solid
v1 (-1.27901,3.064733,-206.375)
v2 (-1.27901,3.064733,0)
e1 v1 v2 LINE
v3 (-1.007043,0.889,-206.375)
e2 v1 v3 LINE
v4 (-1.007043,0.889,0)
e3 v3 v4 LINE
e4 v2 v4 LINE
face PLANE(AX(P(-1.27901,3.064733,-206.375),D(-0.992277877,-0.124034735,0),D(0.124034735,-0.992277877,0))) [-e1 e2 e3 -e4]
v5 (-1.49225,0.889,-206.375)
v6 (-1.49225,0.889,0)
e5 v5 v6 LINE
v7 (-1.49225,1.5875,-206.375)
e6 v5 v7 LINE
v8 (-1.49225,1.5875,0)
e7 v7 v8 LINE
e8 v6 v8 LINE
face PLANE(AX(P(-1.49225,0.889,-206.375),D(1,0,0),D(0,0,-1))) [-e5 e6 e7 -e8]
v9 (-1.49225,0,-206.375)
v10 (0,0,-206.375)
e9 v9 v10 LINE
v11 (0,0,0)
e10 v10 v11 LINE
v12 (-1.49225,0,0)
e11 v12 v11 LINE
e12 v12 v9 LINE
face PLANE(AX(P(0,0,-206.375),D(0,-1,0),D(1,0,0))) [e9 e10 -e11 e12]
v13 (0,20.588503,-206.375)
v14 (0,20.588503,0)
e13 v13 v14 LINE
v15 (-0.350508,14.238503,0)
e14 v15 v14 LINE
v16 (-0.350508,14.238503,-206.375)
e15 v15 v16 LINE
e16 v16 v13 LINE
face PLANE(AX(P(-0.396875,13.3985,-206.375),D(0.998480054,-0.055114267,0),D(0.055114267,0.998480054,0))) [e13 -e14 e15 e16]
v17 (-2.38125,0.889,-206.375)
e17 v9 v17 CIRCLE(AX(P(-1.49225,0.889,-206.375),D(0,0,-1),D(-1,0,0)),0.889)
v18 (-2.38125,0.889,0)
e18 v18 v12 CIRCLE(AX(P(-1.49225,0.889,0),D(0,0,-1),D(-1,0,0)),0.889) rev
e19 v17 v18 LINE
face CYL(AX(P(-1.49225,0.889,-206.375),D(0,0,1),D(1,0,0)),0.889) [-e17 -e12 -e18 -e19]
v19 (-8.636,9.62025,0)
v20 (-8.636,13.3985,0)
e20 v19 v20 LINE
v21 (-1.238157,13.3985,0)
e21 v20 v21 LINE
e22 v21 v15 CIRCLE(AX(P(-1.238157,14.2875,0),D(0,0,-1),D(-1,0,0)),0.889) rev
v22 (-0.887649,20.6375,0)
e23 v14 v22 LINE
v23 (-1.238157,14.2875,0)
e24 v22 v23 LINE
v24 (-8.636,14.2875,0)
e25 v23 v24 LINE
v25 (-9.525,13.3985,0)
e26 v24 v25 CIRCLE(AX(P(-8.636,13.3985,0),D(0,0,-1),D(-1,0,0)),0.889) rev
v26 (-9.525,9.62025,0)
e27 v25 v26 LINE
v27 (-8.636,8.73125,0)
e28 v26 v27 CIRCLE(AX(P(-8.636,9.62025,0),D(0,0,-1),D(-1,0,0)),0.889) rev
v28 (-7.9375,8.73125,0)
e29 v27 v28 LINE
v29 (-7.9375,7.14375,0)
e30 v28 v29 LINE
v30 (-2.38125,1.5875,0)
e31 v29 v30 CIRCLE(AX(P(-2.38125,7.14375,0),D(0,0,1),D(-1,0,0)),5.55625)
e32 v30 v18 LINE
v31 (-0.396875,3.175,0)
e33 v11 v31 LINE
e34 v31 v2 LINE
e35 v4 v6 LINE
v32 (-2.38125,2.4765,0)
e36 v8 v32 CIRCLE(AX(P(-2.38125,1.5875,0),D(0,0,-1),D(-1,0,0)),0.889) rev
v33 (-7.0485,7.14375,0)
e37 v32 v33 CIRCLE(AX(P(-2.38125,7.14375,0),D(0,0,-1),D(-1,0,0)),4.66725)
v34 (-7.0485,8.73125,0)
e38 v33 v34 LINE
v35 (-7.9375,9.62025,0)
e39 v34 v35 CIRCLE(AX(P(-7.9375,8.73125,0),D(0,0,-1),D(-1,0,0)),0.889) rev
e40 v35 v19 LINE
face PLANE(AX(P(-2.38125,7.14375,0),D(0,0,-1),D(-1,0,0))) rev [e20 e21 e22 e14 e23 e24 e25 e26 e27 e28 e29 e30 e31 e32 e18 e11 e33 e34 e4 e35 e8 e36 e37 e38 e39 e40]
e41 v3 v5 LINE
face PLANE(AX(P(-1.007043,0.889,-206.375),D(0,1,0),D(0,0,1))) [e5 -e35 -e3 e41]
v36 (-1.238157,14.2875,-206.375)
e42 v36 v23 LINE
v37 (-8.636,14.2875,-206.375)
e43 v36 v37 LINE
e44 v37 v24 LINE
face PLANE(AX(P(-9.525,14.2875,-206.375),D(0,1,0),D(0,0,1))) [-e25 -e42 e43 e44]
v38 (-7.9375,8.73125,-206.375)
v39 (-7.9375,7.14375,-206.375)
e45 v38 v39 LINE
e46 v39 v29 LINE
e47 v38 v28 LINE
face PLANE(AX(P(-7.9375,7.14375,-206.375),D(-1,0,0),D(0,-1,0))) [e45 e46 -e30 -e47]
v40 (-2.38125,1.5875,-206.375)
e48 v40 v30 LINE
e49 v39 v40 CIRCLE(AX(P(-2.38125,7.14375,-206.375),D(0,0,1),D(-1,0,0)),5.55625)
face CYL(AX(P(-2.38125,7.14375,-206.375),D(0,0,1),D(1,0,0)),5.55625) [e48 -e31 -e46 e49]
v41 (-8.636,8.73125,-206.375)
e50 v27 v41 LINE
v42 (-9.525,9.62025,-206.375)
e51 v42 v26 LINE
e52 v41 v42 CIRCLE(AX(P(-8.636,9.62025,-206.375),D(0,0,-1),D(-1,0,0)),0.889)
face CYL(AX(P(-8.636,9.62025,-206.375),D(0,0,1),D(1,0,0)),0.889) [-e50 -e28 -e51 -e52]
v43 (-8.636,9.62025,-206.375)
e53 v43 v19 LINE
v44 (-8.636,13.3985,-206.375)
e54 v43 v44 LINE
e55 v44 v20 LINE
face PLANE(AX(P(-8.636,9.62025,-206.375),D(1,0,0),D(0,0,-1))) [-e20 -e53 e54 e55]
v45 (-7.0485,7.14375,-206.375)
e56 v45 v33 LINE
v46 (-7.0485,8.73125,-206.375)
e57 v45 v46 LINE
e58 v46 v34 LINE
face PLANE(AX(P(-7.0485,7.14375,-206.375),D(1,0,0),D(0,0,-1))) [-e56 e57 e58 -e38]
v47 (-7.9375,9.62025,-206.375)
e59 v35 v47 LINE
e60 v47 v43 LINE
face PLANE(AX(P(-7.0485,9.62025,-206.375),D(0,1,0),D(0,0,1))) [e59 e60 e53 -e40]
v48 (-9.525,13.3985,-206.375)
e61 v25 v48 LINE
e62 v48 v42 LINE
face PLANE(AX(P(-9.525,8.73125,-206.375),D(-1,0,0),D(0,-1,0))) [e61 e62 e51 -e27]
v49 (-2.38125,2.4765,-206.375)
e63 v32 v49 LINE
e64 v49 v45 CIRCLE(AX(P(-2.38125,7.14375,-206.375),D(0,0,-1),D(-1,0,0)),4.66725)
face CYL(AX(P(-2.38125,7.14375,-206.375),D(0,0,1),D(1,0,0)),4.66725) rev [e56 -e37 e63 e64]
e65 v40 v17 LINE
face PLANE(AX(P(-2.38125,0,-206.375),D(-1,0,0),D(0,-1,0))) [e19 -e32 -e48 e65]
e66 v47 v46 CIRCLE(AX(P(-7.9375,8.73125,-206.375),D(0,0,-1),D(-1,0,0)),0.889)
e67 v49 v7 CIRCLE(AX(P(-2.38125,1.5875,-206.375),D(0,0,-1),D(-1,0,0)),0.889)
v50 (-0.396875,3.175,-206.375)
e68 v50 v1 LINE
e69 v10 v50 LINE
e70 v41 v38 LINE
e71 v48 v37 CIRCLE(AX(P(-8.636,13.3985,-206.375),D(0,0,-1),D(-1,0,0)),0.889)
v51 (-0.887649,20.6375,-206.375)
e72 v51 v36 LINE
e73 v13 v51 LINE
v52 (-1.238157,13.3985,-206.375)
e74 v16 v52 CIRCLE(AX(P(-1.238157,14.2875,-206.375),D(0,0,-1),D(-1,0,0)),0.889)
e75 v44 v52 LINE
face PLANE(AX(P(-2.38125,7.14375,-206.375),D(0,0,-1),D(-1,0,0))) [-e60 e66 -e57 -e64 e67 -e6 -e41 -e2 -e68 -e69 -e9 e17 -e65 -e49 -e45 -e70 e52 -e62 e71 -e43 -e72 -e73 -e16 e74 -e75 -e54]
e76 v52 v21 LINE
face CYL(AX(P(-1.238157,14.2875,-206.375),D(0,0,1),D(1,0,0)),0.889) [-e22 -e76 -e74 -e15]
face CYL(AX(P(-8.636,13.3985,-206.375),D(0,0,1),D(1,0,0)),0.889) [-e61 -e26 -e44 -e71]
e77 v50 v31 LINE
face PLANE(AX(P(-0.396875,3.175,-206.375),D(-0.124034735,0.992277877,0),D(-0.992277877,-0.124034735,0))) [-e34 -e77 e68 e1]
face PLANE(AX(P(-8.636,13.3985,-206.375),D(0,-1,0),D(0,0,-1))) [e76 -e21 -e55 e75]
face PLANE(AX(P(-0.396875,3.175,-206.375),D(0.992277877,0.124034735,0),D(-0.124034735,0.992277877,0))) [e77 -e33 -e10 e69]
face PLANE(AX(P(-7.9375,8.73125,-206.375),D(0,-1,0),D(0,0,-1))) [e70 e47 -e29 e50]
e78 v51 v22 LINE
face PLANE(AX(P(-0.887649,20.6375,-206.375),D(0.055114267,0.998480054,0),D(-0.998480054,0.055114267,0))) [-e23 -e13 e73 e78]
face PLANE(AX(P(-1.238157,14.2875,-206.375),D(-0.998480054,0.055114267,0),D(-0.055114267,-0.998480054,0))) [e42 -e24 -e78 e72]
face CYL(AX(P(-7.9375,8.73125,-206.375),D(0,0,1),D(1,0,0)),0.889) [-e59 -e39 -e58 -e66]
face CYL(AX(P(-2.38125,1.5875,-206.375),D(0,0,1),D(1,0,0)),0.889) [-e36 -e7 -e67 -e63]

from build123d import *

# Parameters (mm, degrees)
BOSS_EXTRUDE1_DEPTH = 206.375
FILLET1_R           = 0.889


with BuildPart() as part:
    # Sketch1 → Boss-Extrude1 (new body)
    with BuildSketch(Plane.XY):
        with BuildLine():
            Line((-0.396875, 3.175), (0, 0))
            Line((0, 0), (-2.38125, 0))
            Line((-2.38125, 0), (-2.38125, 1.5875))
            ThreePointArc((-2.38125, 1.5875), (-6.310112, 3.214888), (-7.9375, 7.14375))
            Line((-7.9375, 7.14375), (-7.9375, 8.73125))
            Line((-7.9375, 8.73125), (-9.525, 8.73125))
            Line((-9.525, 8.73125), (-9.525, 14.2875))
            Line((-9.525, 14.2875), (-1.238157, 14.2875))
            Line((-1.238157, 14.2875), (-0.887649, 20.6375))
            Line((-0.887649, 20.6375), (0, 20.588503))
            Line((0, 20.588503), (-0.396875, 13.3985))
            Line((-0.396875, 13.3985), (-8.636, 13.3985))
            Line((-8.636, 13.3985), (-8.636, 9.62025))
            Line((-8.636, 9.62025), (-7.0485, 9.62025))
            Line((-7.0485, 9.62025), (-7.0485, 7.14375))
            ThreePointArc((-7.0485, 7.14375), (-5.350597, 3.542888), (-1.49225, 2.561949))
            Line((-1.49225, 2.561949), (-1.49225, 0.889))
            Line((-1.49225, 0.889), (-1.007043, 0.889))
            Line((-1.007043, 0.889), (-1.27901, 3.064733))
            Line((-1.27901, 3.064733), (-0.396875, 3.175))
        make_face()
    extrude(amount=-BOSS_EXTRUDE1_DEPTH)

    # Fillet1
    fillet1_edges = [part.edges().sort_by_distance(p)[0] for p in [
        (-2.38125, 0, -103.1875),
        (-9.525, 8.73125, -103.1875),
        (-9.525, 14.2875, -103.1875),
        (-0.396875, 13.3985, -103.1875),
        (-7.0485, 9.62025, -103.1875),
        (-1.49225, 2.561949, -103.1875),
    ]]
    fillet(fillet1_edges, radius=FILLET1_R)


solid = part.part
